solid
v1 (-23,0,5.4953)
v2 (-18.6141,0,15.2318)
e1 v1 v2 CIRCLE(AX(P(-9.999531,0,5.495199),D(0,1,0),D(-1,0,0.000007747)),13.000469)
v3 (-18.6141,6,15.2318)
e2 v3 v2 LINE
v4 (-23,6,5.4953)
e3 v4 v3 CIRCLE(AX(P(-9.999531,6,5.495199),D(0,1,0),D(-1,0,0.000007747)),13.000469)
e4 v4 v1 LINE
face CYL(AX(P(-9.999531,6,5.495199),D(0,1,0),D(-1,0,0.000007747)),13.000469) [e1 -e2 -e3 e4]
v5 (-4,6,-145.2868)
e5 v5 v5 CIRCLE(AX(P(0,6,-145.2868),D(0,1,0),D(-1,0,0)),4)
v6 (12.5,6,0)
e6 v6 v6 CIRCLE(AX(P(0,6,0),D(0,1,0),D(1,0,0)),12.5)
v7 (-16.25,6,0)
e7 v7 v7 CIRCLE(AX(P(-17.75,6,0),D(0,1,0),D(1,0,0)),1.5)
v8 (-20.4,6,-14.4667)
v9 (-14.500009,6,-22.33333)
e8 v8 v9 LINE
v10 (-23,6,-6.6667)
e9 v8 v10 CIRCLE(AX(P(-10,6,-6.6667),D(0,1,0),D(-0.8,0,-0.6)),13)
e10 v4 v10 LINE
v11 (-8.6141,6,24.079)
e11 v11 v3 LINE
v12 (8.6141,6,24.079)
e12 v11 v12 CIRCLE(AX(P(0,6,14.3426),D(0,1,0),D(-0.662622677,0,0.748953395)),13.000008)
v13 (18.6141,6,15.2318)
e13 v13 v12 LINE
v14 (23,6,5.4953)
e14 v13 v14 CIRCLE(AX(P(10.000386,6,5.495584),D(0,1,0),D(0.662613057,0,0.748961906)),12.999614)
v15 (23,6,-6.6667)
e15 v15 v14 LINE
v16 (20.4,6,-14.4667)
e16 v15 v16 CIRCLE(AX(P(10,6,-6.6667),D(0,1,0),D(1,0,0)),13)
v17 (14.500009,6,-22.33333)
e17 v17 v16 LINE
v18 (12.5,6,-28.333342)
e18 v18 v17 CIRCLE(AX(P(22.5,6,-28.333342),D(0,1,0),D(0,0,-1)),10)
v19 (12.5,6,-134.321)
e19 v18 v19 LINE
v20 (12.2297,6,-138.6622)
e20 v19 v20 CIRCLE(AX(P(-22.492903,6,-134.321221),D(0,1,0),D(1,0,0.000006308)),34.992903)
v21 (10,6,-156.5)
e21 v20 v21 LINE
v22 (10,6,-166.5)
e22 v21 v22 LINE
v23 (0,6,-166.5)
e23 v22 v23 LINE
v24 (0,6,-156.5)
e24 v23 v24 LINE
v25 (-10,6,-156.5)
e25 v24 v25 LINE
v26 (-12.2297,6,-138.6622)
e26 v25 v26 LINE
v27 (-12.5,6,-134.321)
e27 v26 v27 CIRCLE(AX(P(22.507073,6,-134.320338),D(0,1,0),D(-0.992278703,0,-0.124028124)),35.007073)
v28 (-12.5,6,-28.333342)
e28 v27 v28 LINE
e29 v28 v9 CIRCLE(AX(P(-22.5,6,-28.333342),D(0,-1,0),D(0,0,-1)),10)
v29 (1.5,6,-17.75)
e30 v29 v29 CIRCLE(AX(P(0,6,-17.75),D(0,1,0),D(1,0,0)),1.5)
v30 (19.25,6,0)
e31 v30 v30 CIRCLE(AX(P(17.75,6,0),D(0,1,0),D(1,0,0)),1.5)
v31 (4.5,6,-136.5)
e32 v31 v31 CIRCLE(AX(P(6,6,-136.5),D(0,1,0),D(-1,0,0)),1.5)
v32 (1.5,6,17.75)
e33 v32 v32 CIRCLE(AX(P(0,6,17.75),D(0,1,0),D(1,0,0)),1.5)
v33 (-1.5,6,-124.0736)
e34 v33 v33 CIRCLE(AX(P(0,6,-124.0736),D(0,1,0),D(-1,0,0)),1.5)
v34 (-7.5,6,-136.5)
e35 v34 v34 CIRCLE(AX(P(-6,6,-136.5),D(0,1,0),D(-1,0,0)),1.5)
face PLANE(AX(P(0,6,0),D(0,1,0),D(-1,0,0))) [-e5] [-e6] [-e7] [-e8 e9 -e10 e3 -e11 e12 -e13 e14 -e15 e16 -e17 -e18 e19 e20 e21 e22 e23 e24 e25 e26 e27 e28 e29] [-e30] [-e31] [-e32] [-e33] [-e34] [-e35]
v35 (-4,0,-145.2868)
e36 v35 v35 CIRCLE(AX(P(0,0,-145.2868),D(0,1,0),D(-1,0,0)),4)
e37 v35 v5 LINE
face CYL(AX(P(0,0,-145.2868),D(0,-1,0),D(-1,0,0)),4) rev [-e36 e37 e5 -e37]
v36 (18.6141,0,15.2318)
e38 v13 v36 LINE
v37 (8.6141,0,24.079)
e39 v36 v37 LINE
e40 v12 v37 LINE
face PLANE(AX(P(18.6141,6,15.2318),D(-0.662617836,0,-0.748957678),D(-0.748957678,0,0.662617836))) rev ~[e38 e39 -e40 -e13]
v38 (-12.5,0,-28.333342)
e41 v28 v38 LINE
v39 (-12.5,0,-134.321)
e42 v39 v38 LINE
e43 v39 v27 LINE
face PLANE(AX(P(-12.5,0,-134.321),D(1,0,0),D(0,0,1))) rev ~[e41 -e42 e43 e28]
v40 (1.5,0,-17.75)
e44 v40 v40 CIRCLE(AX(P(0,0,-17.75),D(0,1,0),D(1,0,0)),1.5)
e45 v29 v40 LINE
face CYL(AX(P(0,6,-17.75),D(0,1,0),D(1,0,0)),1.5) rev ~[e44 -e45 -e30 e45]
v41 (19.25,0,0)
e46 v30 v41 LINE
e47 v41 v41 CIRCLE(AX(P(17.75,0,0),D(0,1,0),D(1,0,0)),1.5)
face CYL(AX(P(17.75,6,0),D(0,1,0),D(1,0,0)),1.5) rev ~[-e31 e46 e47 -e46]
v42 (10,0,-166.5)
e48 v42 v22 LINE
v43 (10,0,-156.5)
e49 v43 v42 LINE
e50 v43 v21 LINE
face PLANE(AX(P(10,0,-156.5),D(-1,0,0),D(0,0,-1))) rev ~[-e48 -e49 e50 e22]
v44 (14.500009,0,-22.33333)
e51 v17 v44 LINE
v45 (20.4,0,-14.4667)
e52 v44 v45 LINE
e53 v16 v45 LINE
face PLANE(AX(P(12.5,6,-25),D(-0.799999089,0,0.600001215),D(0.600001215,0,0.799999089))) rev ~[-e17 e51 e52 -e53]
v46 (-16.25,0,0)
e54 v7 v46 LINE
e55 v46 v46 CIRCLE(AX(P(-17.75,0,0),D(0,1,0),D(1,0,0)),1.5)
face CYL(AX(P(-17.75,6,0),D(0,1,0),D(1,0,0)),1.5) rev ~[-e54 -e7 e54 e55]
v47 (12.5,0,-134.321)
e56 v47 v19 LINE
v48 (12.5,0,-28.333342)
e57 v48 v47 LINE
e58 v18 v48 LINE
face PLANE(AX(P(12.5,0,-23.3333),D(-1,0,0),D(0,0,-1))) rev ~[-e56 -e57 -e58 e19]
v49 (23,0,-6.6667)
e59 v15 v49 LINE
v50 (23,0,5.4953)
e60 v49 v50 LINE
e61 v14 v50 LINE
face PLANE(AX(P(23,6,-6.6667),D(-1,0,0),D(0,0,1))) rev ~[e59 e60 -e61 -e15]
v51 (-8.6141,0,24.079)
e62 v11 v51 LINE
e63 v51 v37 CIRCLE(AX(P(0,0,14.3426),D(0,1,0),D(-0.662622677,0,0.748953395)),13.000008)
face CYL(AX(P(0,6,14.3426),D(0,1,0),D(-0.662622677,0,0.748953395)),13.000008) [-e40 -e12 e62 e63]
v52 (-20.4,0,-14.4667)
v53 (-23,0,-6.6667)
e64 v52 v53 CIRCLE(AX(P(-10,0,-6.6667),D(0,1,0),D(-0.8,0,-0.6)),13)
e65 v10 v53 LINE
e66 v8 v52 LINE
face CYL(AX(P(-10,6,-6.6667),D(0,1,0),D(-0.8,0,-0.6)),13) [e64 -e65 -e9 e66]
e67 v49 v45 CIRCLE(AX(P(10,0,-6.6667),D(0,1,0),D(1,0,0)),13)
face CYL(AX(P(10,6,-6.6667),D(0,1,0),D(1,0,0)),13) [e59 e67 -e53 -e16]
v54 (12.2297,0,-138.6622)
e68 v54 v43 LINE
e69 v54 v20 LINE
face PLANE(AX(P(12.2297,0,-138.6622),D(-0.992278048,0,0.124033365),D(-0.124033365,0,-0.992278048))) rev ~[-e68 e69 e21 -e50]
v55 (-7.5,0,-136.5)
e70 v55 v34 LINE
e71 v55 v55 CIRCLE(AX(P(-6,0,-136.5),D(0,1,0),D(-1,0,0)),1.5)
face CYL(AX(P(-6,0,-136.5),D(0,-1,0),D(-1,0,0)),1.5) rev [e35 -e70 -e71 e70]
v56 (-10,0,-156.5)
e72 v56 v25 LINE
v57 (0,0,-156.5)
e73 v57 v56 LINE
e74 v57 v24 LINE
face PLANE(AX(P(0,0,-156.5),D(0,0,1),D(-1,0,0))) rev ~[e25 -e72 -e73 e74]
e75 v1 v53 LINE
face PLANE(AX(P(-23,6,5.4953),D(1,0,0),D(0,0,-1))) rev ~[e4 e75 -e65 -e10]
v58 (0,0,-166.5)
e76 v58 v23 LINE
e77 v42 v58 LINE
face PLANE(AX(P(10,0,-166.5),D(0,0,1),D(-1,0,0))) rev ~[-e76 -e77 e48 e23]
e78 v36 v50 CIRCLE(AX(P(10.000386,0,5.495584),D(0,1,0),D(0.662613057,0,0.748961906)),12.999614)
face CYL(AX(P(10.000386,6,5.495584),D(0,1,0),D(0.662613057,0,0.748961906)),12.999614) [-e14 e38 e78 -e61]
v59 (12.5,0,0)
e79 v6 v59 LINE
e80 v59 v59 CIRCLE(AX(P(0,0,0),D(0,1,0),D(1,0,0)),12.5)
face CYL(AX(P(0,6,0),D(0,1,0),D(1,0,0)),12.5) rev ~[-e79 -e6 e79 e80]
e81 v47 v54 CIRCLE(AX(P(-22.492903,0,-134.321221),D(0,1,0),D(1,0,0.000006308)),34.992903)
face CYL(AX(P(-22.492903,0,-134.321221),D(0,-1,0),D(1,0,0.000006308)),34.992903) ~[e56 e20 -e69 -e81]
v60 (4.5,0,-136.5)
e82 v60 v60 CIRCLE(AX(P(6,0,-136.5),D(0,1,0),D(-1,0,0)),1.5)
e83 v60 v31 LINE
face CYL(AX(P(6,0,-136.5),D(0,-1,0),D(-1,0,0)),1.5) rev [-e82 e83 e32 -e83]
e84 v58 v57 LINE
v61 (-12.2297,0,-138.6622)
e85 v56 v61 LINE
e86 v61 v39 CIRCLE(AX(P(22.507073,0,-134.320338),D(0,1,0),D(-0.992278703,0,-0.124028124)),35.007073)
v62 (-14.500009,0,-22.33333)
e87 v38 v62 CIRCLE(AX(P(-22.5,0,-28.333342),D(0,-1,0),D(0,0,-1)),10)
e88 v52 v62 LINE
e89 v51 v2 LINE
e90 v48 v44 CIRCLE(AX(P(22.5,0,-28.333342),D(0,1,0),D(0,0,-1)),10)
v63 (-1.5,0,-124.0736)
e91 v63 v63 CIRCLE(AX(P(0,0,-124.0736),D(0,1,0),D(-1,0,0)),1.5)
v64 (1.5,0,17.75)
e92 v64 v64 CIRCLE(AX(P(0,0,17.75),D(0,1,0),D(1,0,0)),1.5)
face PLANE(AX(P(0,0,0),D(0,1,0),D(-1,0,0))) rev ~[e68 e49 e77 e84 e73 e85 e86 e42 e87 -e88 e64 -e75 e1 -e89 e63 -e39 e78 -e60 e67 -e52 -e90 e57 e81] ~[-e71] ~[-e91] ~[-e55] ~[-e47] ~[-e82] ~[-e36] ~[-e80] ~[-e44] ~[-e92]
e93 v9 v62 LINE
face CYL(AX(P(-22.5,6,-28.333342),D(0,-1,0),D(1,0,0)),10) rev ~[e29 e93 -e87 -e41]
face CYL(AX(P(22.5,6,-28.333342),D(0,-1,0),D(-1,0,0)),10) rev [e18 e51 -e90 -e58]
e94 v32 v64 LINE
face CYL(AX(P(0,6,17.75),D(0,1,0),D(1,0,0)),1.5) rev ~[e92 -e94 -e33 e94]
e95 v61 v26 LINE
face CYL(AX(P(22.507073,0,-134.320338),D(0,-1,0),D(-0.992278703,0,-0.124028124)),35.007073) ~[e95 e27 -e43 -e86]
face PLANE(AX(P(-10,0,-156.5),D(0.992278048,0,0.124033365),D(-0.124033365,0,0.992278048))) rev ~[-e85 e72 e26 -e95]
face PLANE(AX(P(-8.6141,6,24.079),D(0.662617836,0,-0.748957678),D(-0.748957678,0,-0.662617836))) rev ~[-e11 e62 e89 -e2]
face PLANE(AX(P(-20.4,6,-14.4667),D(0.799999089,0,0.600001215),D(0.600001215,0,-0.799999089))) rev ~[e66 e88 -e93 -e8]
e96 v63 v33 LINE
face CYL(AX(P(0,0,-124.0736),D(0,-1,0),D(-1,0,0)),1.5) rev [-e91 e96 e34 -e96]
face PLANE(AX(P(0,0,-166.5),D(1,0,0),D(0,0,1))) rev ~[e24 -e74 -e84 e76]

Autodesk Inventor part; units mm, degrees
ref_plane "YZ Plane" through (0, 0, 0) normal (1, 0, 0) x (0, 1, 0)
ref_plane "XZ Plane" through (0, 0, 0) normal (0, 1, 0) x (-1, 0, 0)
ref_plane "XY Plane" through (0, 0, 0) normal (0, 0, 1) x (1, 0, 0)
sketch "Sketch1" plane through (0, 0, 0) normal (0, 1, 0) x (-1, 0, 0)
  arc A0 (4.5962, 6.7175) -> (6.7175, 4.5962) centre (5.6569, 5.6569) ccw
  line L0 (5.6569, 7.7782) -> (4.5962, 6.7175)
  arc A1 (7.7782, 5.6569) -> (5.6569, 7.7782) centre (6.7175, 6.7175) ccw
  line L1 (6.7175, 4.5962) -> (7.7782, 5.6569)
  circle A2 centre (0, 0) radius 3
  circle A3 centre (0, -124.0736) radius 1.5
  circle A4 centre (0, -145.2868) radius 4
  arc A5 (-4.5962, -6.7175) -> (-6.7175, -4.5962) centre (-5.6569, -5.6569) ccw
  line L2 (-5.6569, -7.7782) -> (-4.5962, -6.7175)
  arc A6 (-7.7782, -5.6569) -> (-5.6569, -7.7782) centre (-6.7175, -6.7175) ccw
  line L3 (-6.7175, -4.5962) -> (-7.7782, -5.6569)
  line L4 (-20, 5.4953) -> (-20, -6.6667)
  arc A7 (-20, -6.6667) -> (-18, -12.6667) centre (-10, -6.6667) ccw
  line L5 (-18, -12.6667) -> (-14.5, -17.3333)
  arc A8 (-12.5, -23.3333) -> (-14.5, -17.3333) centre (-22.5, -23.3333) ccw
  line L6 (-12.5, -23.3333) -> (-12.5, -134.321)
  arc A9 (-12.5, -134.321) -> (-12.2297, -138.6622) centre (22.5, -134.321) ccw
  line L7 (-12.2297, -138.6622) -> (-10, -156.5)
  line L8 (-10, -156.5) -> (-10, -166.5)
  line L9 (-10, -166.5) -> (0, -166.5)
  line L10 (0, -166.5) -> (0, -156.5)
  line L11 (0, -156.5) -> (10, -156.5)
  line L12 (10, -156.5) -> (12.2297, -138.6622)
  arc A10 (12.2297, -138.6622) -> (12.5, -134.321) centre (-22.5, -134.321) ccw
  line L13 (12.5, -134.321) -> (12.5, -23.3333)
  arc A11 (14.5, -17.3333) -> (12.5, -23.3333) centre (22.5, -23.3333) ccw
  line L14 (14.5, -17.3333) -> (18, -12.6667)
  arc A12 (18, -12.6667) -> (20, -6.6667) centre (10, -6.6667) ccw
  line L15 (20, -6.6667) -> (20, 5.4953)
  arc A13 (20, 5.4953) -> (16.6262, 12.9849) centre (10, 5.4953) ccw
  line L16 (16.6262, 12.9849) -> (6.6262, 21.8321)
  arc A14 (6.6262, 21.8321) -> (-6.6262, 21.8321) centre (0, 14.3426) ccw
  line L17 (-6.6262, 21.8321) -> (-16.6262, 12.9849)
  arc A15 (-16.6262, 12.9849) -> (-20, 5.4953) centre (-10, 5.4953) ccw
  arc A16 (-6.7175, 4.5962) -> (-4.5962, 6.7175) centre (-5.6569, 5.6569) ccw
  line L18 (-7.7782, 5.6569) -> (-6.7175, 4.5962)
  arc A17 (-5.6569, 7.7782) -> (-7.7782, 5.6569) centre (-6.7175, 6.7175) ccw
  line L19 (-4.5962, 6.7175) -> (-5.6569, 7.7782)
  arc A18 (6.7175, -4.5962) -> (4.5962, -6.7175) centre (5.6569, -5.6569) ccw
  line L20 (7.7782, -5.6569) -> (6.7175, -4.5962)
  arc A19 (5.6569, -7.7782) -> (7.7782, -5.6569) centre (6.7175, -6.7175) ccw
  line L21 (4.5962, -6.7175) -> (5.6569, -7.7782)
  circle A20 centre (6, -136.5) radius 1.5
  circle A21 centre (-6, -136.5) radius 1.5
  point P0 (18, -12.6667)
  point P1 (16.6262, 12.9849)
  point P2 (6.6262, 21.8321)
  point P3 (-6.6262, 21.8321)
  point P4 (-16.6262, 12.9849)
  point P5 (-18, -12.6667)
  point P6 (-14.5, -17.3333)
  point P7 (-12.5, -23.3333)
  point P8 (-12.5, -134.321)
  point P9 (-12.2297, -138.6622)
  point P10 (12.2297, -138.6622)
  point P11 (12.5, -134.321)
  point P12 (12.5, -23.3333)
  point P13 (14.5, -17.3333)
  point P14 (-6.7175, -4.5962)
  point P15 (-4.5962, -6.7175)
  point P16 (-5.6569, -7.7782)
  point P17 (-7.7782, -5.6569)
  point P18 (7.7782, 5.6569)
  point P19 (6.7175, 4.5962)
  point P20 (4.5962, 6.7175)
  point P21 (5.6569, 7.7782)
  point P22 (-5.6569, 7.7782)
  point P23 (-4.5962, 6.7175)
  point P24 (-6.7175, 4.5962)
  point P25 (-7.7782, 5.6569)
  point P26 (6.7175, -4.5962)
  point P27 (7.7782, -5.6569)
  point P28 (5.6569, -7.7782)
  point P29 (4.5962, -6.7175)
extrude "Extrusion1" add sketch "Sketch1" along normal blind 6
sketch "Sketch2" plane through (0, 6, 0) normal (0, 1, 0) x (1, 0, 0)
  line L0 (20, -5.4953) -> (20, 6.6667) projected
  arc A0 (20, 6.6667) -> (18, 12.6667) centre (10, 6.6667) ccw projected
  line L1 (18, 12.6667) -> (14.5, 17.3333) projected
  arc A1 (12.5, 23.3333) -> (14.5, 17.3333) centre (22.5, 23.3333) ccw projected
  line L2 (12.5, 23.3333) -> (12.5, 134.321) projected
  arc A2 (12.5, 134.321) -> (12.2297, 138.6622) centre (-22.5, 134.321) ccw projected
  line L3 (12.2297, 138.6622) -> (10, 156.5) projected
  line L4 (10, 156.5) -> (10, 166.5) projected
  line L5 (10, 166.5) -> (0, 166.5) projected
  line L6 (0, 166.5) -> (0, 156.5) projected
  line L7 (0, 156.5) -> (-10, 156.5) projected
  line L8 (-10, 156.5) -> (-12.2297, 138.6622) projected
  arc A3 (-12.2297, 138.6622) -> (-12.5, 134.321) centre (22.5, 134.321) ccw projected
  line L9 (-12.5, 134.321) -> (-12.5, 23.3333) projected
  arc A4 (-14.5, 17.3333) -> (-12.5, 23.3333) centre (-22.5, 23.3333) ccw projected
  line L10 (-14.5, 17.3333) -> (-18, 12.6667) projected
  arc A5 (-18, 12.6667) -> (-20, 6.6667) centre (-10, 6.6667) ccw projected
  line L11 (-20, 6.6667) -> (-20, -5.4953) projected
  arc A6 (-20, -5.4953) -> (-16.6262, -12.9849) centre (-10, -5.4953) ccw projected
  line L12 (-16.6262, -12.9849) -> (-6.6262, -21.8321) projected
  arc A7 (-6.6262, -21.8321) -> (6.6262, -21.8321) centre (0, -14.3426) ccw projected
  line L13 (6.6262, -21.8321) -> (16.6262, -12.9849) projected
  arc A8 (16.6262, -12.9849) -> (20, -5.4953) centre (10, -5.4953) ccw projected
  circle A9 centre (0, 0) radius 3 projected
  circle A10 centre (0, 145.2868) radius 4 projected
  circle A11 centre (-6, 136.5) radius 1.5 projected
  circle A12 centre (6, 136.5) radius 1.5 projected
  circle A13 centre (0, 124.0736) radius 1.5 projected
  line L14 (7.7782, 5.6569) -> (6.7175, 4.5962) projected
  arc A14 (4.5962, 6.7175) -> (6.7175, 4.5962) centre (5.6569, 5.6569) ccw projected
  line L15 (4.5962, 6.7175) -> (5.6569, 7.7782) projected
  arc A15 (7.7782, 5.6569) -> (5.6569, 7.7782) centre (6.7175, 6.7175) ccw projected
  line L16 (-7.7782, -5.6569) -> (-6.7175, -4.5962) projected
  arc A16 (-4.5962, -6.7175) -> (-6.7175, -4.5962) centre (-5.6569, -5.6569) ccw projected
  line L17 (-4.5962, -6.7175) -> (-5.6569, -7.7782) projected
  arc A17 (-7.7782, -5.6569) -> (-5.6569, -7.7782) centre (-6.7175, -6.7175) ccw projected
  arc A18 (5.6569, -7.7782) -> (7.7782, -5.6569) centre (6.7175, -6.7175) ccw projected
  line L18 (5.6569, -7.7782) -> (4.5962, -6.7175) projected
  arc A19 (6.7175, -4.5962) -> (4.5962, -6.7175) centre (5.6569, -5.6569) ccw projected
  line L19 (6.7175, -4.5962) -> (7.7782, -5.6569) projected
  line L20 (-6.7175, 4.5962) -> (-7.7782, 5.6569) projected
  arc A20 (-5.6569, 7.7782) -> (-7.7782, 5.6569) centre (-6.7175, 6.7175) ccw projected
  line L21 (-5.6569, 7.7782) -> (-4.5962, 6.7175) projected
  arc A21 (-6.7175, 4.5962) -> (-4.5962, 6.7175) centre (-5.6569, 5.6569) ccw projected
  line L22 (18.6141, -15.2318) -> (8.6141, -24.079)
  arc A22 (-8.6141, -24.079) -> (8.6141, -24.079) centre (0, -14.3426) ccw
  line L23 (-8.6141, -24.079) -> (-18.6141, -15.2318)
  arc A23 (-23, -5.4953) -> (-18.6141, -15.2318) centre (-10, -5.4953) ccw
  line L24 (-23, -5.4953) -> (-23, 6.6667)
  arc A24 (-20.4, 14.4667) -> (-23, 6.6667) centre (-10, 6.6667) ccw
  line L25 (-20.4, 14.4667) -> (-12.5, 25)
  line L26 (-15.5, 23.3333) -> (-15.5, 134.321)
  arc A25 (-15.2066, 139.0343) -> (-15.5, 134.321) centre (22.5, 134.321) ccw
  line L27 (-15.2066, 139.0343) -> (-12.6483, 159.5)
  line L28 (-12.6483, 159.5) -> (-3, 159.5)
  line L29 (-3, 159.5) -> (-3, 169.5)
  line L30 (-3, 169.5) -> (13, 169.5)
  line L31 (13, 169.5) -> (13, 156.6868)
  line L32 (13, 156.6868) -> (15.2066, 139.0343)
  arc A26 (15.5, 134.321) -> (15.2066, 139.0343) centre (-22.5, 134.321) ccw
  line L33 (15.5, 134.321) -> (15.5, 23.3333)
  line L34 (12.5, 25) -> (20.4, 14.4667)
  arc A27 (23, 6.6667) -> (20.4, 14.4667) centre (10, 6.6667) ccw
  line L35 (23, 6.6667) -> (23, -5.4953)
  arc A28 (18.6141, -15.2318) -> (23, -5.4953) centre (10, -5.4953) ccw
  dimension "d2" = 3
extrude "Extrusion2" add sketch "Sketch2" against normal blind 6 contours L0 A0 L1 A1 L2 L34 A27 L35 A28 L22 A22 L23 A23 L24 A24 L25 L9 A4 L10 A5 L11 A6 L12 A7 L13 A8
sketch "Sketch3" plane through (0, 6, 0) normal (0, 1, 0) x (1, 0, 0)
  line L0 (12.5, 25) -> (12.5, 134.321) projected
  arc A0 (12.5, 134.321) -> (12.2297, 138.6622) centre (-22.5, 134.321) ccw projected
  line L1 (12.2297, 138.6622) -> (10, 156.5) projected
  line L2 (10, 156.5) -> (10, 166.5) projected
  line L3 (10, 166.5) -> (0, 166.5) projected
  line L4 (0, 166.5) -> (0, 156.5) projected
  line L5 (0, 156.5) -> (-10, 156.5) projected
  line L6 (-10, 156.5) -> (-12.2297, 138.6622) projected
  arc A1 (-12.2297, 138.6622) -> (-12.5, 134.321) centre (22.5, 134.321) ccw projected
  line L7 (-12.5, 134.321) -> (-12.5, 25) projected
  circle A2 centre (0, 0) radius 3 projected
  circle A3 centre (0, 145.2868) radius 4 projected
  circle A4 centre (-6, 136.5) radius 1.5 projected
  circle A5 centre (6, 136.5) radius 1.5 projected
  circle A6 centre (0, 124.0736) radius 1.5 projected
  line L8 (7.7782, 5.6569) -> (6.7175, 4.5962) projected
  arc A7 (4.5962, 6.7175) -> (6.7175, 4.5962) centre (5.6569, 5.6569) ccw projected
  line L9 (4.5962, 6.7175) -> (5.6569, 7.7782) projected
  arc A8 (7.7782, 5.6569) -> (5.6569, 7.7782) centre (6.7175, 6.7175) ccw projected
  line L10 (-7.7782, -5.6569) -> (-6.7175, -4.5962) projected
  arc A9 (-4.5962, -6.7175) -> (-6.7175, -4.5962) centre (-5.6569, -5.6569) ccw projected
  line L11 (-4.5962, -6.7175) -> (-5.6569, -7.7782) projected
  arc A10 (-7.7782, -5.6569) -> (-5.6569, -7.7782) centre (-6.7175, -6.7175) ccw projected
  arc A11 (5.6569, -7.7782) -> (7.7782, -5.6569) centre (6.7175, -6.7175) ccw projected
  line L12 (5.6569, -7.7782) -> (4.5962, -6.7175) projected
  arc A12 (6.7175, -4.5962) -> (4.5962, -6.7175) centre (5.6569, -5.6569) ccw projected
  line L13 (6.7175, -4.5962) -> (7.7782, -5.6569) projected
  line L14 (-6.7175, 4.5962) -> (-7.7782, 5.6569) projected
  arc A13 (-5.6569, 7.7782) -> (-7.7782, 5.6569) centre (-6.7175, 6.7175) ccw projected
  line L15 (-5.6569, 7.7782) -> (-4.5962, 6.7175) projected
  arc A14 (-6.7175, 4.5962) -> (-4.5962, 6.7175) centre (-5.6569, 5.6569) ccw projected
  line L16 (-12.5, 25) -> (-20.4, 14.4667) projected
  arc A15 (-20.4, 14.4667) -> (-23, 6.6667) centre (-10, 6.6667) ccw projected
  line L17 (-23, 6.6667) -> (-23, -5.4953) projected
  arc A16 (-23, -5.4953) -> (-18.6141, -15.2318) centre (-10, -5.4953) ccw projected
  line L18 (-18.6141, -15.2318) -> (-8.6141, -24.079) projected
  arc A17 (-8.6141, -24.079) -> (8.6141, -24.079) centre (0, -14.3426) ccw projected
  line L19 (8.6141, -24.079) -> (18.6141, -15.2318) projected
  arc A18 (18.6141, -15.2318) -> (23, -5.4953) centre (10, -5.4953) ccw projected
  line L20 (23, -5.4953) -> (23, 6.6667) projected
  arc A19 (23, 6.6667) -> (20.4, 14.4667) centre (10, 6.6667) ccw projected
  line L21 (20.4, 14.4667) -> (12.5, 25) projected
  circle A20 centre (-6.7175, -6.7175) radius 3 construction
  line L22 (0, 0) -> (-8.8388, -8.8388) construction
  circle A21 centre (0, 0) radius 12.5
  dimension "d8" = 6
fillet "Fillet1" radius 10 2 edges at (12.5, 3, -25) (-12.5, 3, -25)
extrude "Extrusion3" cut sketch "Sketch3" against normal blind 6 contours A21
sketch "Sketch4" plane through (0, 6, 0) normal (0, 1, 0) x (1, 0, 0)
  circle A0 centre (0, 0) radius 12.5 construction
  circle A1 centre (0, 0) radius 12.5 construction
  line L0 (12.5, 0) -> (23, 0) construction
  line L1 (23, -5.4953) -> (23, 6.6667) construction
  circle A2 centre (0, 0) radius 17.75 construction
  line L2 (0, -12.5) -> (0, -17.75) construction
  line L3 (-12.5, 0) -> (-17.75, 0) construction
  line L4 (0, 12.5) -> (0, 17.75) construction
  circle A3 centre (17.75, 0) radius 1.5
  circle A4 centre (0, 17.75) radius 1.5
  circle A5 centre (-17.75, 0) radius 1.5
  circle A6 centre (0, -17.75) radius 1.5
  dimension "d11" = 3
  dimension "d14" = 360
extrude "Extrusion4" cut sketch "Sketch4" against normal up to next
sketch "Sketch5" plane through (0, 6, 0) normal (0, 1, 0) x (1, 0, 0)
  point P0 (0, 0)
properties part number "mod arms"
